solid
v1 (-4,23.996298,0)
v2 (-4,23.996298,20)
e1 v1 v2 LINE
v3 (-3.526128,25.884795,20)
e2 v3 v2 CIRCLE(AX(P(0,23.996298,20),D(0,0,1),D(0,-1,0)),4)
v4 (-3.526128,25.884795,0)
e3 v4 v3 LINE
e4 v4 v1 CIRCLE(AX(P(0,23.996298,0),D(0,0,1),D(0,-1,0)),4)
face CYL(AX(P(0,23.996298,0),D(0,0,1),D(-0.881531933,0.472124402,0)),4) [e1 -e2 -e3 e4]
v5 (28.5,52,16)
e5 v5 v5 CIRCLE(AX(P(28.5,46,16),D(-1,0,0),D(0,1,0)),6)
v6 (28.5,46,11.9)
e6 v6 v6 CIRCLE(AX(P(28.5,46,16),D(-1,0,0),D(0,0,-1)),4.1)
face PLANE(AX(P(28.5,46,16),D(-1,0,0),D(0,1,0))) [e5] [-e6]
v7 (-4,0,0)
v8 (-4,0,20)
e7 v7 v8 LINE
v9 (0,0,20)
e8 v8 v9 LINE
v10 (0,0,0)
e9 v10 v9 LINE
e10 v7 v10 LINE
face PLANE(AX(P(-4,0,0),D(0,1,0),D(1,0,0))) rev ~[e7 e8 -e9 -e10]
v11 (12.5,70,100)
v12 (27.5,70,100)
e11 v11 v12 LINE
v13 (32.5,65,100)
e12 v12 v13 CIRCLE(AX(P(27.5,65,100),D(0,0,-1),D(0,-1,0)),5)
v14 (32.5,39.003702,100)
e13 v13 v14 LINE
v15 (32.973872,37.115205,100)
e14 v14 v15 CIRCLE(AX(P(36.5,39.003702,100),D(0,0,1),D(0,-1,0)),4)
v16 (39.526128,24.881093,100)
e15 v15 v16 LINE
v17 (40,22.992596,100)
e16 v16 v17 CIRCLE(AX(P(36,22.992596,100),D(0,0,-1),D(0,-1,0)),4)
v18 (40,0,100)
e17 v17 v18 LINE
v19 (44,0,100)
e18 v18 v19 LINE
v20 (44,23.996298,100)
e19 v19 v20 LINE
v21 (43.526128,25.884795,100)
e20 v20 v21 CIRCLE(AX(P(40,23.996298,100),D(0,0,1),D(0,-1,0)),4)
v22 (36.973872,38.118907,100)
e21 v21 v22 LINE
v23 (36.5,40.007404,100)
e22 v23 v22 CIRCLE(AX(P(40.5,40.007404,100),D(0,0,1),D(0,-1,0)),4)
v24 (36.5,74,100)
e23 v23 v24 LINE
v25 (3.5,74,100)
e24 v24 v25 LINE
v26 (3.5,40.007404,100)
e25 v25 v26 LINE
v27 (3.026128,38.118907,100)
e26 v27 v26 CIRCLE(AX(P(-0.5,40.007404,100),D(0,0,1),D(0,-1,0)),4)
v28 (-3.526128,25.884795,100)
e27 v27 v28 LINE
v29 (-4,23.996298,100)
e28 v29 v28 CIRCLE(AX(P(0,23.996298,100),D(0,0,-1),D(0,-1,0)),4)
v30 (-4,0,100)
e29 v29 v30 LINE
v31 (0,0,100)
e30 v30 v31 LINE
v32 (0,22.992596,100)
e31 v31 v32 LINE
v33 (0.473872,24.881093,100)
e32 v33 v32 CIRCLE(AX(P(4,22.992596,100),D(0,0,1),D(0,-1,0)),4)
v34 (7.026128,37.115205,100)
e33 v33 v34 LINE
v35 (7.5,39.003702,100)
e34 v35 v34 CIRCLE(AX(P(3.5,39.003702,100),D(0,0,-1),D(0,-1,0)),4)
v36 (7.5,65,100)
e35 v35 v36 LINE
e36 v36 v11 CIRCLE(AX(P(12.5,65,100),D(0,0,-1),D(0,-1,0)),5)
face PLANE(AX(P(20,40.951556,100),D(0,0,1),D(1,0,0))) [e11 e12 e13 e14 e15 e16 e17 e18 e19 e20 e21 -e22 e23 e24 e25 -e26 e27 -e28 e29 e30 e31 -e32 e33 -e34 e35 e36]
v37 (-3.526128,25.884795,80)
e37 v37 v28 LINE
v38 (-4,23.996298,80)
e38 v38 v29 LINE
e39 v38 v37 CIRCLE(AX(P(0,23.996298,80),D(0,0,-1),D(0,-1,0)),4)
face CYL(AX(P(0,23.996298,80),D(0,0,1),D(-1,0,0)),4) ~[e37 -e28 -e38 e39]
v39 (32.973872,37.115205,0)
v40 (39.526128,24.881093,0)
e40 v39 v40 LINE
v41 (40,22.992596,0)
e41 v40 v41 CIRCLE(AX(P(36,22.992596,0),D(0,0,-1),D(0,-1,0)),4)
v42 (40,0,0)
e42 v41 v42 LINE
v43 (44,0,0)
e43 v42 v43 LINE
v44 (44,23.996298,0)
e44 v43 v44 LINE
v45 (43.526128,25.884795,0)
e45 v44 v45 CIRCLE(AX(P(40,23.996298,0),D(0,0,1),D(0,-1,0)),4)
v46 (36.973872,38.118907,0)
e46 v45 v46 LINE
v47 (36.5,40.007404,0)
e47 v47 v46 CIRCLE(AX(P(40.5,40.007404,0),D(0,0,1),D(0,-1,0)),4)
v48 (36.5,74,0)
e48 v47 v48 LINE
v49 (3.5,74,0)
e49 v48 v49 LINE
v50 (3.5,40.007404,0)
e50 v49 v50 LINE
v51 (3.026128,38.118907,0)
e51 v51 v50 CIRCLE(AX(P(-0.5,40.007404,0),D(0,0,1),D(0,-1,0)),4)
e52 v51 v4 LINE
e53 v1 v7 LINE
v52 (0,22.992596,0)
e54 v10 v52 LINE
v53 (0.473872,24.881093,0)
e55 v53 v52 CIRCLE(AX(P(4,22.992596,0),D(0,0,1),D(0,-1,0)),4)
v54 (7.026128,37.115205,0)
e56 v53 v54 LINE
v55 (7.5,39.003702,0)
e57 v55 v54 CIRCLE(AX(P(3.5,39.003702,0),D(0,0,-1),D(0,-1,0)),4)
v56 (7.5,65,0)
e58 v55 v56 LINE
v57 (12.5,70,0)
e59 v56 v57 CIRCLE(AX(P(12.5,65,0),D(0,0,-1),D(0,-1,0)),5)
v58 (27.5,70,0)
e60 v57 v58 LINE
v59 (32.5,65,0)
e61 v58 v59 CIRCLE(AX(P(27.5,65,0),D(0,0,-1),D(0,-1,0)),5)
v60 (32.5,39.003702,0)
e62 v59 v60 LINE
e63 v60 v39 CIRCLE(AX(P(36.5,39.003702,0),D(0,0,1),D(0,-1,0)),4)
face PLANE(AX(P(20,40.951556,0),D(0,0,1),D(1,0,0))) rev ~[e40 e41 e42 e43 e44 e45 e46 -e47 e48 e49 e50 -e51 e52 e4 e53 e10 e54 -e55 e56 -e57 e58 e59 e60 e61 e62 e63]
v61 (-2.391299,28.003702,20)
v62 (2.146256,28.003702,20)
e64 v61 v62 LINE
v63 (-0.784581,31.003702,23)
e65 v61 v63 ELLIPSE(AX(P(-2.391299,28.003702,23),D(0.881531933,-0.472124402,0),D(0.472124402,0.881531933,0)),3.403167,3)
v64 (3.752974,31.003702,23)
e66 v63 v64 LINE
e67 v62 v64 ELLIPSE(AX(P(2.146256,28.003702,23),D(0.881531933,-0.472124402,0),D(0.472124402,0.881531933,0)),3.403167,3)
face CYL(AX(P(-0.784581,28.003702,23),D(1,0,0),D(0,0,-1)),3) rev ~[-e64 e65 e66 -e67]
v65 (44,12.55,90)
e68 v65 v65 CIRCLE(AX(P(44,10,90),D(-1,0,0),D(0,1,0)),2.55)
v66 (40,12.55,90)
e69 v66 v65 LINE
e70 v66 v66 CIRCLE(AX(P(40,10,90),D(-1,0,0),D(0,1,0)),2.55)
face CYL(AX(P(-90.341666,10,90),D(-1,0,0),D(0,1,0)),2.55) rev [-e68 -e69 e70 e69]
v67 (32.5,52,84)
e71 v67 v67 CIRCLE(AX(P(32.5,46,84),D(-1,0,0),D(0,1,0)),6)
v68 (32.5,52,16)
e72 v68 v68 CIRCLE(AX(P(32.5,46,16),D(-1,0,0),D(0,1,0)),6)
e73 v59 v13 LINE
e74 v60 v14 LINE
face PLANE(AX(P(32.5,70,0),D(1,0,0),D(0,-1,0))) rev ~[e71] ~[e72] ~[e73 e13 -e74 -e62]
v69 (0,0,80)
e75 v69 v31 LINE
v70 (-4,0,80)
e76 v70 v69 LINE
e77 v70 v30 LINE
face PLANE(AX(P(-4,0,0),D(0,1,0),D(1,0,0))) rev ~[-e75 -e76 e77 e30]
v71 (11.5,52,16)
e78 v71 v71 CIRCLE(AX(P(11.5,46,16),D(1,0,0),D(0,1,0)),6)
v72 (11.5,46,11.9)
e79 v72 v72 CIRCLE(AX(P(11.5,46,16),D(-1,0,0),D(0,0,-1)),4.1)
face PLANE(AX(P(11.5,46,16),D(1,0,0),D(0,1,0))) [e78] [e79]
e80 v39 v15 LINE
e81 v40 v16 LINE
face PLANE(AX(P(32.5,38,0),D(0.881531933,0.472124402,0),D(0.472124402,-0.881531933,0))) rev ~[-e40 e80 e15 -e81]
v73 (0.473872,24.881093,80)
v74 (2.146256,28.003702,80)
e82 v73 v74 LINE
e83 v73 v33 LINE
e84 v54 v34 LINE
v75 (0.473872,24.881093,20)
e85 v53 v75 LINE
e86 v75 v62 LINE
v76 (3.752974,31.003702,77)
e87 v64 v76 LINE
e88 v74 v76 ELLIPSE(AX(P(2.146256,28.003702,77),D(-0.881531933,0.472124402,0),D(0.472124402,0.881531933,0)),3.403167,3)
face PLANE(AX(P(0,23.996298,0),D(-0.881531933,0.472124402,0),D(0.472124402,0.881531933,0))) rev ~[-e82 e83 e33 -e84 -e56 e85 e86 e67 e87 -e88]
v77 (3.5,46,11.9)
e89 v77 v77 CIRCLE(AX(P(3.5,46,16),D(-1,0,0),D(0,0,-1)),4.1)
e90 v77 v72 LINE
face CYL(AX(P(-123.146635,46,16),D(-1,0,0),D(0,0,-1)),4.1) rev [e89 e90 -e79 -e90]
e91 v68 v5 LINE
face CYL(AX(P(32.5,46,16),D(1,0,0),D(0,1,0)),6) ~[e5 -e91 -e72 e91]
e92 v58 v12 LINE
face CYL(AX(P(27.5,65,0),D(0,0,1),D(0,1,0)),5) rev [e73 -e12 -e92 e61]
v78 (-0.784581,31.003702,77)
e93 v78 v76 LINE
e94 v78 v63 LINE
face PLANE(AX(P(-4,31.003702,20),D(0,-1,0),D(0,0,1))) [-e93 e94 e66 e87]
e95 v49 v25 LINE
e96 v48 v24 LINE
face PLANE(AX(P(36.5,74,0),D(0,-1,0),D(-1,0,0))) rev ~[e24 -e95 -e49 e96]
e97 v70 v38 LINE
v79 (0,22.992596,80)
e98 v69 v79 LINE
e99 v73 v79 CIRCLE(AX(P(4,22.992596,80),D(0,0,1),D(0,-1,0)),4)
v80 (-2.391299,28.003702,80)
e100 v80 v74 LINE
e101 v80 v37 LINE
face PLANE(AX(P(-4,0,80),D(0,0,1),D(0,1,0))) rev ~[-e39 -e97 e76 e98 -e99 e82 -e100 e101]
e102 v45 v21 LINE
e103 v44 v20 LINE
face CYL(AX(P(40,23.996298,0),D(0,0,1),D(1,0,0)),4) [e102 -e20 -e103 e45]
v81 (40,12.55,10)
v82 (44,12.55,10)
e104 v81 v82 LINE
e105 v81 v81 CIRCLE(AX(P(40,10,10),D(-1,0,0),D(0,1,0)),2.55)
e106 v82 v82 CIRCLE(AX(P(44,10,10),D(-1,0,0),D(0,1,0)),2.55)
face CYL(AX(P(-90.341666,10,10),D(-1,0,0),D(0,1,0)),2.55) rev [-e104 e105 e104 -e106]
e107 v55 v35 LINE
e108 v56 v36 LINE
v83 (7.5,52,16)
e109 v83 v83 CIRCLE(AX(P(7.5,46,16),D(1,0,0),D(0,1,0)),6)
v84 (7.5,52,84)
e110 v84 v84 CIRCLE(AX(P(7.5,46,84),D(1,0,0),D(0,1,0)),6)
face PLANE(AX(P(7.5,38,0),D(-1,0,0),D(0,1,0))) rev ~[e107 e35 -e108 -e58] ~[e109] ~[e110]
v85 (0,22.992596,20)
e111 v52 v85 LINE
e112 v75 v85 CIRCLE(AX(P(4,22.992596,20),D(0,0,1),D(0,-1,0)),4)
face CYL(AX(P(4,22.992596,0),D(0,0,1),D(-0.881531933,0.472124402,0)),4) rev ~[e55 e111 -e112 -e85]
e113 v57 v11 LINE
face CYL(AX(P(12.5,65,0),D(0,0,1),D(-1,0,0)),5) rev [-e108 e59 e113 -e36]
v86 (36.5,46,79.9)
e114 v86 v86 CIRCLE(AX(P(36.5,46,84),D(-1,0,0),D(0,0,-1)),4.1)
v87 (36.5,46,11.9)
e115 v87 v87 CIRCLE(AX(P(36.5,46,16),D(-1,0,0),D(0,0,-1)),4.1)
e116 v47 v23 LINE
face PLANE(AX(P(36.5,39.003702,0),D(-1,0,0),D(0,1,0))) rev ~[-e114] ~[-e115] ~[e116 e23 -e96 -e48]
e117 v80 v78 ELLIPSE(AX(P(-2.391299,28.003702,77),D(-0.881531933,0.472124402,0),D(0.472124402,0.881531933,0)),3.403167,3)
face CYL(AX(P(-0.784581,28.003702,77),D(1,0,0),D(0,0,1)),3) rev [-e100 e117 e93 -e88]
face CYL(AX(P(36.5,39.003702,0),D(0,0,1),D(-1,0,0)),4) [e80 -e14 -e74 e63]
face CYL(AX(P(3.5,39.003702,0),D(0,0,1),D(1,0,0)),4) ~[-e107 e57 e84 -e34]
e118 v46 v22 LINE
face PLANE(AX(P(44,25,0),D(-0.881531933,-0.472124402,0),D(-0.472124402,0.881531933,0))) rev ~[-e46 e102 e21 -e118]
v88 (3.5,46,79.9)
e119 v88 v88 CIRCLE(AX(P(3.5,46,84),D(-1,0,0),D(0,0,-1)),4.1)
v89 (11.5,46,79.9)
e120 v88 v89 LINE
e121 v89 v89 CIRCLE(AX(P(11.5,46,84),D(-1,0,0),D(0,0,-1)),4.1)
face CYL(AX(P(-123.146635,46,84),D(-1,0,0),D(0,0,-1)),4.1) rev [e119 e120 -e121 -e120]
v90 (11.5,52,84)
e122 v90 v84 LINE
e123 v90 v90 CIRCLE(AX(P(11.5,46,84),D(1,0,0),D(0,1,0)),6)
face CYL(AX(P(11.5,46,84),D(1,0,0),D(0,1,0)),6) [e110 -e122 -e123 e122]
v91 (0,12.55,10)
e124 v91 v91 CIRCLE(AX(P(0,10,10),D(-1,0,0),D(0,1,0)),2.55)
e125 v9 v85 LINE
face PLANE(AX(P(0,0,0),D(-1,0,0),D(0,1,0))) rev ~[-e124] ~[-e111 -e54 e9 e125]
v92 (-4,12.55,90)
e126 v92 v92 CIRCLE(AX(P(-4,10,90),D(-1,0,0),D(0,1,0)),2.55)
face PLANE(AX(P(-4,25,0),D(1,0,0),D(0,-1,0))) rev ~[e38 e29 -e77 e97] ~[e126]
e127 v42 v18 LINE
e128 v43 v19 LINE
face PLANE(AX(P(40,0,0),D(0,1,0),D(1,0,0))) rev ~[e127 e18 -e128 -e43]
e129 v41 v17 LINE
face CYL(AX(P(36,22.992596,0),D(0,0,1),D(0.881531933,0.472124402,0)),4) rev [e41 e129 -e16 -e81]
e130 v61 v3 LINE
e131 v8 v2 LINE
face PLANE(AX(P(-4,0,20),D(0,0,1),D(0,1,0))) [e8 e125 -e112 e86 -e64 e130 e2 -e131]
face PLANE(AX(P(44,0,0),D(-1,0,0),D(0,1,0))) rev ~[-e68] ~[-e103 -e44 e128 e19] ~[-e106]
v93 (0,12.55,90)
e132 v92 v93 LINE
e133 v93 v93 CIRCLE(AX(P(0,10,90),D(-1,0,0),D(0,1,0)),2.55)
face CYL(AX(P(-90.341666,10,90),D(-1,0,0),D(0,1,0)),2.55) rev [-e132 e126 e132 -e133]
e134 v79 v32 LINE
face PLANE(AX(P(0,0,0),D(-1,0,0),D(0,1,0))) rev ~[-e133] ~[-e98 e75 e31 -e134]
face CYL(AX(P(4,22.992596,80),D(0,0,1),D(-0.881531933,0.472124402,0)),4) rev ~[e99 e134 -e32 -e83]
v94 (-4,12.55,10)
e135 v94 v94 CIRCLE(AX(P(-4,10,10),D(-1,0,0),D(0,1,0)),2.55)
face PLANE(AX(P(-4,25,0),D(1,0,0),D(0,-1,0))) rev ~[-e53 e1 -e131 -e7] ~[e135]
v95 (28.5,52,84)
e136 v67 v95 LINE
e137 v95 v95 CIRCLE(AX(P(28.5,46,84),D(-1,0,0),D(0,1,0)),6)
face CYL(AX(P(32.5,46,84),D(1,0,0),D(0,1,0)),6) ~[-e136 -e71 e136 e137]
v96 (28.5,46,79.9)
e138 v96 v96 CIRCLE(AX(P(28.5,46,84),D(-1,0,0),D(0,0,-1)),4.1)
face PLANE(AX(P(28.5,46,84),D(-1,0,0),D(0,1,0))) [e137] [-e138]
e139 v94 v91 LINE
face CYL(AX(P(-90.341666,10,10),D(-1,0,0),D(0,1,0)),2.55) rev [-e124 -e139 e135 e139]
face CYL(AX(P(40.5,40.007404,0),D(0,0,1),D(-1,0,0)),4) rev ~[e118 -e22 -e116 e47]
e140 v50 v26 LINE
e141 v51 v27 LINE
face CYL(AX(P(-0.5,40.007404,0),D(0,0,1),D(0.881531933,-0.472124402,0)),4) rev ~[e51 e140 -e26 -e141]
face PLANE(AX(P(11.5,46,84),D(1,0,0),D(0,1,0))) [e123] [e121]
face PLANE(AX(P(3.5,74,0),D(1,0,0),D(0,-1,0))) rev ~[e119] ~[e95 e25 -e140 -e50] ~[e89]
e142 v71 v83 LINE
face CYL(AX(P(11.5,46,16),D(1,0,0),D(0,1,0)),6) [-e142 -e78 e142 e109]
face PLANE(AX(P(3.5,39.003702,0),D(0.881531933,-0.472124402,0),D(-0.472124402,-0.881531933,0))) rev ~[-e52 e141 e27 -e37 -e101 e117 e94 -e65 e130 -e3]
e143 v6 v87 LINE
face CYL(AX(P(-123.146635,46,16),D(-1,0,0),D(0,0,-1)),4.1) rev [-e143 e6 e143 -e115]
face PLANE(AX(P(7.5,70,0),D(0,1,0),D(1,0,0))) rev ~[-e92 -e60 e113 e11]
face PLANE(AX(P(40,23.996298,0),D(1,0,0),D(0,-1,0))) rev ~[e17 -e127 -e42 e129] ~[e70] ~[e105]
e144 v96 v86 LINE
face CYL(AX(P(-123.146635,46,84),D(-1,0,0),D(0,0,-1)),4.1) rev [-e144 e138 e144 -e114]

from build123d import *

# Parameters (mm, degrees)
BOSS_EXTRUDE1_DEPTH     = 100
SKETCH3_R               = 6
BOSS_EXTRUDE2_DEPTH     = 4
BOSS_EXTRUDE3_START     = 4
SKETCH4_R               = 6
BOSS_EXTRUDE3_DEPTH     = 4
CUT_EXTRUDE1_DEPTH      = 130.646635128
CUT_EXTRUDE1_DEPTH_BACK = 130.646635128
SKETCH9_R               = 4.1
CUT_EXTRUDE2_DEPTH      = 134.341666406
CUT_EXTRUDE2_DEPTH_BACK = 134.341666406
SKETCH10_R              = 2.55
SKETCH13_W              = 60
SKETCH13_H              = 31.00370213
CUT_EXTRUDE5_DEPTH      = 24
FILLET1_R               = 3
FILLET2_R               = 5
FILLET3_R               = 4


with BuildPart() as part:
    # Sketch2 → Boss-Extrude1 (new body)
    with BuildSketch(Plane.XY):
        Polygon((0, 0), (0, 23.99629787), (7.5, 38), (7.5, 70), (32.5, 70), (32.5, 38), (40, 23.99629787), (40, 0), (44, 0), (44, 25), (36.5, 39.00370213), (36.5, 74), (3.5, 74), (3.5, 39.00370213), (-4, 25), (-4, 0), align=None)
    extrude(amount=BOSS_EXTRUDE1_DEPTH)

    # Sketch3 → Boss-Extrude2 (add)
    with BuildSketch(Plane.ZY.offset(-32.5)):
        with Locations(Location((84, 46, 0), (0, 0, 90))):
            Circle(SKETCH3_R)
        with Locations(Location((16, 46, 0), (0, 0, 90))):
            Circle(SKETCH3_R)
    extrude(amount=BOSS_EXTRUDE2_DEPTH)

    # Sketch4 → Boss-Extrude3 (add)
    with BuildSketch(Plane(origin=(7.5, 0, 0), x_dir=(0, 0, -1), z_dir=(1, 0, 0)).offset(BOSS_EXTRUDE3_START)):
        with Locations(Location((-16, 46, 0), (0, 0, 90))):
            Circle(SKETCH4_R)
        with Locations(Location((-84, 46, 0), (0, 0, 90))):
            Circle(SKETCH4_R)
    extrude(amount=-BOSS_EXTRUDE3_DEPTH)

    # Sketch9 → Cut-Extrude1 (cut, two sides: drawn at the far end of the back side and taken through both)
    with BuildSketch(Plane(origin=(7.5, 0, 0), x_dir=(0, 0, -1), z_dir=(1, 0, 0)).offset(-CUT_EXTRUDE1_DEPTH_BACK)):
        with Locations((-16, 46)):
            Circle(SKETCH9_R)
        with Locations((-84, 46)):
            Circle(SKETCH9_R)
    extrude(amount=CUT_EXTRUDE1_DEPTH + CUT_EXTRUDE1_DEPTH_BACK, mode=Mode.SUBTRACT)

    # Sketch10 → Cut-Extrude2 (cut, two sides: drawn at the far end of the back side and taken through both)
    with BuildSketch(Plane(origin=(44, 0, 0), x_dir=(0, 0, -1), z_dir=(1, 0, 0)).offset(-CUT_EXTRUDE2_DEPTH_BACK)):
        with Locations(Location((-10, 10, 0), (0, 0, 90))):
            Circle(SKETCH10_R)
        with Locations(Location((-90, 10, 0), (0, 0, 90))):
            Circle(SKETCH10_R)
    extrude(amount=CUT_EXTRUDE2_DEPTH + CUT_EXTRUDE2_DEPTH_BACK, mode=Mode.SUBTRACT)

    # Sketch13 → Cut-Extrude5 (cut)
    with BuildSketch(Plane.ZY.offset(4)):
        with Locations((50, 15.501851065)):
            Rectangle(SKETCH13_W, SKETCH13_H)
    extrude(amount=-CUT_EXTRUDE5_DEPTH, mode=Mode.SUBTRACT)

    # Fillet1
    fillet1_edges = [part.edges().sort_by_distance(p)[0] for p in [
        (1.48419643, 31.00370213, 20),
        (1.48419643, 31.00370213, 80),
    ]]
    fillet(fillet1_edges, radius=FILLET1_R)

    # Fillet2
    fillet2_edges = [part.edges().sort_by_distance(p)[0] for p in [
        (32.5, 70, 50),
        (7.5, 70, 50),
    ]]
    fillet(fillet2_edges, radius=FILLET2_R)

    # Fillet3
    fillet3_edges = [part.edges().sort_by_distance(p)[0] for p in [
        (-4, 25, 10),
        (0, 23.99629787, 10),
        (-4, 25, 90),
        (3.5, 39.00370213, 50),
        (36.5, 39.00370213, 50),
        (44, 25, 50),
        (40, 23.99629787, 50),
        (32.5, 38, 50),
        (7.5, 38, 50),
        (0, 23.99629787, 90),
    ]]
    fillet(fillet3_edges, radius=FILLET3_R)


solid = part.part
